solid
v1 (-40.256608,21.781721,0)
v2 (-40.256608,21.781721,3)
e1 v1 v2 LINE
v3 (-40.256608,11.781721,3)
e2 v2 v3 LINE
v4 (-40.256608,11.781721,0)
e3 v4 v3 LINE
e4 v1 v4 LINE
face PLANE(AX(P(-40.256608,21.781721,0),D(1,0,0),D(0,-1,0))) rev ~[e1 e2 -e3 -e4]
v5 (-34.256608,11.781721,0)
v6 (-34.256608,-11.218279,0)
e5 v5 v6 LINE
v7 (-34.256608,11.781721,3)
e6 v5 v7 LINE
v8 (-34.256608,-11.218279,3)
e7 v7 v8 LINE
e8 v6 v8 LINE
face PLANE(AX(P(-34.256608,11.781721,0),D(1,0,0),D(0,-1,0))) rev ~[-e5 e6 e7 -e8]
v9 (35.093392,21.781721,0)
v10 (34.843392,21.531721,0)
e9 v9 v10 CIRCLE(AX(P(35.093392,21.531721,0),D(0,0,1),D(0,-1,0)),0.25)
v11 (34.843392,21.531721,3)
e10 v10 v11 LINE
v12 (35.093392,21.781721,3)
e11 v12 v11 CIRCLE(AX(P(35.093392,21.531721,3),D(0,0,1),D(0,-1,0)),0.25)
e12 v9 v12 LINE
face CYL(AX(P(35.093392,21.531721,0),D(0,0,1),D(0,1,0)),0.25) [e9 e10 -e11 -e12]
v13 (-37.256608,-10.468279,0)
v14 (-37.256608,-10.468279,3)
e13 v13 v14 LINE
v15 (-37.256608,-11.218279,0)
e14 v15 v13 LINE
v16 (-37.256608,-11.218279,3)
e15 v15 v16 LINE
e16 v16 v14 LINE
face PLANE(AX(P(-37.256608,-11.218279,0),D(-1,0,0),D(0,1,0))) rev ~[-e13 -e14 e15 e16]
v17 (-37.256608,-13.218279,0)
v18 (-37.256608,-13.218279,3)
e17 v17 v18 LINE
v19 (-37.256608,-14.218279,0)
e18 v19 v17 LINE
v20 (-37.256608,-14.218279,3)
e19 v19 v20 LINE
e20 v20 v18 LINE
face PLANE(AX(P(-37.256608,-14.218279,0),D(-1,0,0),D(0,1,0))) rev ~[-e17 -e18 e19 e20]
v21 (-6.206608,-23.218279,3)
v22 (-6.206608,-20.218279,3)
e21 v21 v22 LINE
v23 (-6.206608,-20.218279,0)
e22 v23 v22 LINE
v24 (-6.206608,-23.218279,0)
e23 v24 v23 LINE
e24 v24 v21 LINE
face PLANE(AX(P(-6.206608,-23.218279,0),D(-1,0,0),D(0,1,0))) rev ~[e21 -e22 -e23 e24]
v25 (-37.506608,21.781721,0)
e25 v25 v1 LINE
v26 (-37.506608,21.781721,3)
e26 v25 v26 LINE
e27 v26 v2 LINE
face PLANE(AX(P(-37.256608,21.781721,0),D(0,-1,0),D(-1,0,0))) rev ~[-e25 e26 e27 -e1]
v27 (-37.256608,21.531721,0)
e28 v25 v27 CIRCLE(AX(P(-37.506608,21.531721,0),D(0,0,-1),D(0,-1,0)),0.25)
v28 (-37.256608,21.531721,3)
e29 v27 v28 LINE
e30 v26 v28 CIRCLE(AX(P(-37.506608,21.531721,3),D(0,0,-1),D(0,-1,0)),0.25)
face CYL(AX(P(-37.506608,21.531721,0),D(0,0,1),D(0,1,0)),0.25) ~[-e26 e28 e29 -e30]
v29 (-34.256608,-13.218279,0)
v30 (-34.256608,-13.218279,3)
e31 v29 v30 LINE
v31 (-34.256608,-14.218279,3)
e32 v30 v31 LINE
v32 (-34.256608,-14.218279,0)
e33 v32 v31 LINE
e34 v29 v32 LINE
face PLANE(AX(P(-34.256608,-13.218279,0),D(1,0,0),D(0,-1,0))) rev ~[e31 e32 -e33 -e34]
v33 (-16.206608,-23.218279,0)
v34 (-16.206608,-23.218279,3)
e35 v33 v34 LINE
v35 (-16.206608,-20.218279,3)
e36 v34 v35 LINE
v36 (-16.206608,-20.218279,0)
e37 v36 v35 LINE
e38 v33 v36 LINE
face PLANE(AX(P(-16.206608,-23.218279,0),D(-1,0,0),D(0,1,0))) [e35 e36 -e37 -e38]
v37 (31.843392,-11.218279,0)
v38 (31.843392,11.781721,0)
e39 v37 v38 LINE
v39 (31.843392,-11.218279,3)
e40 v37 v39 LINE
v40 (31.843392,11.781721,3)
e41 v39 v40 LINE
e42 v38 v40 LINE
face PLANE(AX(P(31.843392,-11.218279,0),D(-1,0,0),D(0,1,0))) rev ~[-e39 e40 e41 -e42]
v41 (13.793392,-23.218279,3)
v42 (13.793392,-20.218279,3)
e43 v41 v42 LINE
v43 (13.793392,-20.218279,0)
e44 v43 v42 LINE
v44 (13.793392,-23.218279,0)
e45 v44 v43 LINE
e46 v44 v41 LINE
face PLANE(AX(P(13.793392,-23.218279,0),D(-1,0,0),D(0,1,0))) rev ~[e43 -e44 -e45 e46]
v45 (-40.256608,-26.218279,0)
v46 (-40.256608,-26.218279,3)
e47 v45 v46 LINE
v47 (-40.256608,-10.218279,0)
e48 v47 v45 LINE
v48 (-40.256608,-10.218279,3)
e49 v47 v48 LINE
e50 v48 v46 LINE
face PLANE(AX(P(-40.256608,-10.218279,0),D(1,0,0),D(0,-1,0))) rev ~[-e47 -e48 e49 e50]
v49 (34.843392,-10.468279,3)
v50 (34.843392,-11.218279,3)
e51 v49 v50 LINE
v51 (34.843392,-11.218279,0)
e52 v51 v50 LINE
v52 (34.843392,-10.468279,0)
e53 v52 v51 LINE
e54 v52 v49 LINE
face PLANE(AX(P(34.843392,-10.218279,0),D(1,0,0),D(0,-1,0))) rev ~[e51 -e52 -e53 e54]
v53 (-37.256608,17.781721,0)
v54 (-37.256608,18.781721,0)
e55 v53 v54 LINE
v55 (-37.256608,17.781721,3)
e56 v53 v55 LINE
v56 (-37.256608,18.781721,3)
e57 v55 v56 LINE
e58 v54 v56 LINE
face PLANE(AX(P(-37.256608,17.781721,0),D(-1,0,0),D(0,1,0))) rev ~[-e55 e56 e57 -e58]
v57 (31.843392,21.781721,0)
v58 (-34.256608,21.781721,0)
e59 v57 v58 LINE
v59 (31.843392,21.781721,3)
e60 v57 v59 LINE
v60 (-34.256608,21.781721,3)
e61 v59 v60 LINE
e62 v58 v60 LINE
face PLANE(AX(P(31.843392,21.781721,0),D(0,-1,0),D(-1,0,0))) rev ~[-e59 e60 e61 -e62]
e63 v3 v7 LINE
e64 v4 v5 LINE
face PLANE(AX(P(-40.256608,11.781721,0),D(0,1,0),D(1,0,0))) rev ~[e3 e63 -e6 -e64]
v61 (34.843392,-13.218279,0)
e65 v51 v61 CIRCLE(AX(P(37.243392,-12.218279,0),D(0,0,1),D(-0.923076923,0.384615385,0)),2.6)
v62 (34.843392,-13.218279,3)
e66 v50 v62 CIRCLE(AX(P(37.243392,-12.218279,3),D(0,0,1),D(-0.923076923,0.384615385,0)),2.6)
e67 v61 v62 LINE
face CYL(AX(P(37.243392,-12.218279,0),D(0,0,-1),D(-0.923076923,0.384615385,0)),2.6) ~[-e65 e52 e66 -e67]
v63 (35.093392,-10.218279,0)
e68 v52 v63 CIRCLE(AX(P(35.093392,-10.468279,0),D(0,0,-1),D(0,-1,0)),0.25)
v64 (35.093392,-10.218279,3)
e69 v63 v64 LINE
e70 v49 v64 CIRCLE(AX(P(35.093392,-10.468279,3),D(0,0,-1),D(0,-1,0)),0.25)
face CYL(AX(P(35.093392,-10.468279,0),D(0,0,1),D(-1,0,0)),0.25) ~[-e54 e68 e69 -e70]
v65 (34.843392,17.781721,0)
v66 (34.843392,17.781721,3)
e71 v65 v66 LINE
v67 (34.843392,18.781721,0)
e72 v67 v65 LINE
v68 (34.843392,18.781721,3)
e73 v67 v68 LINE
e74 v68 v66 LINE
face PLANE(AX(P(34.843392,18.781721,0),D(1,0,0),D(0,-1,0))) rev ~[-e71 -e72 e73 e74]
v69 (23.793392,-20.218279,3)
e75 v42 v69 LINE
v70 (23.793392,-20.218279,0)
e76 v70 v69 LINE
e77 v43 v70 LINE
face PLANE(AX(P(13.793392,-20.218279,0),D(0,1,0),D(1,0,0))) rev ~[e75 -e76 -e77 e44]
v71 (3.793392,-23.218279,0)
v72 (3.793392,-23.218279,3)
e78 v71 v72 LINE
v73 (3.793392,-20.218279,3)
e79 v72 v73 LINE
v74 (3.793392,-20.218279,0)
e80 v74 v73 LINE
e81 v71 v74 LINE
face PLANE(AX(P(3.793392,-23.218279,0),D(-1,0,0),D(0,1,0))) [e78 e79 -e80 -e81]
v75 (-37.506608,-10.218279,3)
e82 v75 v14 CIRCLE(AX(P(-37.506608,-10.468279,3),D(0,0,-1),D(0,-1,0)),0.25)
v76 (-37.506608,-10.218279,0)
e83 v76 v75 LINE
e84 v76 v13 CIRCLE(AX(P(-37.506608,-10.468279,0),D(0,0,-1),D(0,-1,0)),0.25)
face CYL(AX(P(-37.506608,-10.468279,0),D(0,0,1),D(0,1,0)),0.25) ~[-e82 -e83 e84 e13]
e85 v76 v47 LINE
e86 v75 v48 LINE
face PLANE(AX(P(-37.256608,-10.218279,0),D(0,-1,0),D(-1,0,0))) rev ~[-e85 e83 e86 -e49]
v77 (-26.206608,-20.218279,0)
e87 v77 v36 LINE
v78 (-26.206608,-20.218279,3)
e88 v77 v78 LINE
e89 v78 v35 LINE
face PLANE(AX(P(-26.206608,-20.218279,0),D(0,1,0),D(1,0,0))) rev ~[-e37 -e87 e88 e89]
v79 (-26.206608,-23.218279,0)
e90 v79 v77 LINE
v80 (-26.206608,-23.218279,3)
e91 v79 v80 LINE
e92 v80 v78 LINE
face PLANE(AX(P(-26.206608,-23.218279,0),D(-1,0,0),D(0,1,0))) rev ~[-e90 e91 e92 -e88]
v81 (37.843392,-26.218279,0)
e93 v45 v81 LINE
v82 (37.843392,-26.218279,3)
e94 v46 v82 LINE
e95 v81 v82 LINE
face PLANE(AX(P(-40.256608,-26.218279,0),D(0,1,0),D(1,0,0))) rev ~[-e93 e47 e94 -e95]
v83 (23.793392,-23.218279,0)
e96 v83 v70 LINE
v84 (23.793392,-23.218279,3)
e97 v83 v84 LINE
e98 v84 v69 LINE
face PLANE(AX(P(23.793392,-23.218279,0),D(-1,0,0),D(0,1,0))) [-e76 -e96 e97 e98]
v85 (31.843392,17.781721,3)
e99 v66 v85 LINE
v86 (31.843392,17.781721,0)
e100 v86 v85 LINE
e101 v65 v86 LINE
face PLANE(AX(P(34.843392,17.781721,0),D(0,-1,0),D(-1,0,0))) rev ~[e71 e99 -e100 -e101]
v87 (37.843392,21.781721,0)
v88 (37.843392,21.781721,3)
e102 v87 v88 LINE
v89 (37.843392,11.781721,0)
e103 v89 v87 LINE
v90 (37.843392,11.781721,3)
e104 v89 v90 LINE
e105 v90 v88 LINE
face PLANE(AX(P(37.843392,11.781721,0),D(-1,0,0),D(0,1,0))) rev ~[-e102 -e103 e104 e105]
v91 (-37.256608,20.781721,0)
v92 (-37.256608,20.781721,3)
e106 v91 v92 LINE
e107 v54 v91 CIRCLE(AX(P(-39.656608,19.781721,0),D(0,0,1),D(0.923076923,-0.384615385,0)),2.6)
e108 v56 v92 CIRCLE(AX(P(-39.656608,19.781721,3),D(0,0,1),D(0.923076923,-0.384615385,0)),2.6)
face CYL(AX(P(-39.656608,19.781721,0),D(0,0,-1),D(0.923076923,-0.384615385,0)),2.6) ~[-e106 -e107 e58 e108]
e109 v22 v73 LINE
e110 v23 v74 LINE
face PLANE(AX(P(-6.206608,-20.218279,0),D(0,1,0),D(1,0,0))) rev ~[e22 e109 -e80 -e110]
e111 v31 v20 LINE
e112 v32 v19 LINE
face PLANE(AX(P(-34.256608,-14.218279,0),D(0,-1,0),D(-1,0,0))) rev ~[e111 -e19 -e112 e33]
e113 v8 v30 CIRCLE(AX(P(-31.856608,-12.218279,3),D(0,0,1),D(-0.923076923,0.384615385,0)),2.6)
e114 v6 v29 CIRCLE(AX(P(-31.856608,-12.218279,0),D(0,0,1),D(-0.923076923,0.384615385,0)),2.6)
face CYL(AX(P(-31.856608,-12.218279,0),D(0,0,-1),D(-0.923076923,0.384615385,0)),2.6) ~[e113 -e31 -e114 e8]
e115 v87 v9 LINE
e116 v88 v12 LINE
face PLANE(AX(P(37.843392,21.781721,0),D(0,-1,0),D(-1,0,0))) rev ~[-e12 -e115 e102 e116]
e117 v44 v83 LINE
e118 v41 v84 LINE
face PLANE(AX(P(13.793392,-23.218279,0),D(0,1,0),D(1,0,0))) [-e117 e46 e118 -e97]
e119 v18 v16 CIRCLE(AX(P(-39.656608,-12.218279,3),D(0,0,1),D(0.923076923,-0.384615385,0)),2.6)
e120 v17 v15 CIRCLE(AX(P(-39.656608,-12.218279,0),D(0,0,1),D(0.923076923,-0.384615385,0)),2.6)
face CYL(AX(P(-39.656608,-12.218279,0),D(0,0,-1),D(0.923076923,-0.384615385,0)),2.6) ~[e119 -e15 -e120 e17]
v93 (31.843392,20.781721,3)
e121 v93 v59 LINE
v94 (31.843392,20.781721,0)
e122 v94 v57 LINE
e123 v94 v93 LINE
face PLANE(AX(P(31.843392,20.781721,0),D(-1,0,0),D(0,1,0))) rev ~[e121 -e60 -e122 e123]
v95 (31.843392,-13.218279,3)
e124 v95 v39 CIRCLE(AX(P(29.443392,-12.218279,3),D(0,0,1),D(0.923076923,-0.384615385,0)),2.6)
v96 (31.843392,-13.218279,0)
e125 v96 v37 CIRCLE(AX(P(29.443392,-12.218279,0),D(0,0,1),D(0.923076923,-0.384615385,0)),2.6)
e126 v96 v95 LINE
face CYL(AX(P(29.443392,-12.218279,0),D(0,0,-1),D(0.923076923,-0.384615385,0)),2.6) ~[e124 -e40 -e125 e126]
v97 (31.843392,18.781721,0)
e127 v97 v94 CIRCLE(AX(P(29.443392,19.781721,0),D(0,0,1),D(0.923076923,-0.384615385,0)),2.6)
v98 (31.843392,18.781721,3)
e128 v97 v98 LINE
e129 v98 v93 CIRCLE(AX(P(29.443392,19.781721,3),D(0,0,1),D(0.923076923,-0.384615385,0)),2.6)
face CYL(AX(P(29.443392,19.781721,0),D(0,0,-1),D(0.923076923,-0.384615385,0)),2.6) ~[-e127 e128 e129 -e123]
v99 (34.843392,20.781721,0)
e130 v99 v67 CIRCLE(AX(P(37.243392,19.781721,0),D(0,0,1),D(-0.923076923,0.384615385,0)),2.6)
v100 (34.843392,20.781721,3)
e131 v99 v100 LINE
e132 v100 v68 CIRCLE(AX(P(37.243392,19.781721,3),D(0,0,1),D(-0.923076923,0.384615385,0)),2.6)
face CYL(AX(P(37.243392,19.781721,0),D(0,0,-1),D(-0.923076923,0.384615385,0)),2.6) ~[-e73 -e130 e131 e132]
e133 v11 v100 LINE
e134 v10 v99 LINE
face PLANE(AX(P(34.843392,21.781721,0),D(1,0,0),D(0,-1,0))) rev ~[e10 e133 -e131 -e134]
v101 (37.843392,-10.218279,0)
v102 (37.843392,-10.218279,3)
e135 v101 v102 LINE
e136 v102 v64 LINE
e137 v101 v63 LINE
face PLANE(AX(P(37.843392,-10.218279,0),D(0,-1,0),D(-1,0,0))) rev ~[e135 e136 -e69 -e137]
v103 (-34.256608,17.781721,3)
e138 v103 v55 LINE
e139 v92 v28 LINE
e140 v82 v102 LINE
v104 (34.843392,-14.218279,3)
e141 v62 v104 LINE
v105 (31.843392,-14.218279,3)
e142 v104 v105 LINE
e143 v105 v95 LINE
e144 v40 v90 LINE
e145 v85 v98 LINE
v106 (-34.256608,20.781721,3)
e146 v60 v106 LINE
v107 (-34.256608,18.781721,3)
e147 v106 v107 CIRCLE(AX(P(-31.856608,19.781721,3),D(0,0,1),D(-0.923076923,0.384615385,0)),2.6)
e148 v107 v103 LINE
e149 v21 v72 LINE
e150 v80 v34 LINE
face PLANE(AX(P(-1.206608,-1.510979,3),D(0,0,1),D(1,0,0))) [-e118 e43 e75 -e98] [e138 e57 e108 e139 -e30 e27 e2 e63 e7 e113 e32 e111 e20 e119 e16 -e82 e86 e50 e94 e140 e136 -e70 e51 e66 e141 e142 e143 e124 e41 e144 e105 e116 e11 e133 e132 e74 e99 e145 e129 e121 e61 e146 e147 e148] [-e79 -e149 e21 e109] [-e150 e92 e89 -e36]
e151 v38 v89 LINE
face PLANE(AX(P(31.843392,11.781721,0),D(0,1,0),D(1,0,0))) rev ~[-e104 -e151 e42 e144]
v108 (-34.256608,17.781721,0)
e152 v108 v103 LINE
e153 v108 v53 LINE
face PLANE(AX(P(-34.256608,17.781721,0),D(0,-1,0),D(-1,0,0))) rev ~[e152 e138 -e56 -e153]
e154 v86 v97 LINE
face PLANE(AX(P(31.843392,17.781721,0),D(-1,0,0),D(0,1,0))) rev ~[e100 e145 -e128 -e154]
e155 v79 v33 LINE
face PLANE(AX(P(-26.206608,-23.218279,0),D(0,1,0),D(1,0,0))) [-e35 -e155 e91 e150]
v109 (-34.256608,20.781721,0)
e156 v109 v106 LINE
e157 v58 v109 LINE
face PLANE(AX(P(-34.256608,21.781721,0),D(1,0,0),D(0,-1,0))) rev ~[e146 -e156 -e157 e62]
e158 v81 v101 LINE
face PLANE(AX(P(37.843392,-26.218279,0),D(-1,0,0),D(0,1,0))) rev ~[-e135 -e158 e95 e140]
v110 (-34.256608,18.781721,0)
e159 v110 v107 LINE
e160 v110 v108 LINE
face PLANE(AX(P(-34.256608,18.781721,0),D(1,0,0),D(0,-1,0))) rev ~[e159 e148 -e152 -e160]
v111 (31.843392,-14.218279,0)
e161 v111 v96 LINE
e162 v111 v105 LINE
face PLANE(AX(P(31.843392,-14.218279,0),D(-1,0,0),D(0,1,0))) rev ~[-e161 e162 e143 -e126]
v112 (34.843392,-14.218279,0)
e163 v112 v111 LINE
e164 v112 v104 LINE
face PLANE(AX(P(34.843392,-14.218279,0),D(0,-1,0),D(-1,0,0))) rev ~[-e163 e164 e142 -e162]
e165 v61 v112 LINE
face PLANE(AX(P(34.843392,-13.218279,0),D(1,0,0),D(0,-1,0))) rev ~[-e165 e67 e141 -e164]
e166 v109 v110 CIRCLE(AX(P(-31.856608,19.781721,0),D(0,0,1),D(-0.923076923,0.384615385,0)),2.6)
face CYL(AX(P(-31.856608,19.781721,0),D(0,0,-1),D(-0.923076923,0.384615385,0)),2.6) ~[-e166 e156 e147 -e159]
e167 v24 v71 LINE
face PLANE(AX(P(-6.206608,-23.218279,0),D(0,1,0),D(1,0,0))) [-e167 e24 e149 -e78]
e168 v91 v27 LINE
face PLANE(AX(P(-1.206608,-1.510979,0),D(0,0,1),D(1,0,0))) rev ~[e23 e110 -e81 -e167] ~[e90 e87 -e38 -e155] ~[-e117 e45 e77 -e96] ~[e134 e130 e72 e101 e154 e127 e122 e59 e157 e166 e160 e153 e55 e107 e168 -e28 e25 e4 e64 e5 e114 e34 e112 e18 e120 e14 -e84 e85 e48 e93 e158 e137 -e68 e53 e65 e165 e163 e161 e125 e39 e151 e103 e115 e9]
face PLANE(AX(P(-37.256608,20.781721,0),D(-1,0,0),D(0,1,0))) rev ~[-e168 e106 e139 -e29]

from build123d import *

# Parameters (mm, degrees)
SKETCH1_W           = 10
SKETCH1_H           = 3
BOSS_EXTRUDE1_DEPTH = 3
FILLET1_R           = 0.25


with BuildPart() as part:
    # Sketch1 → Boss-Extrude1 (new body)
    with BuildSketch(Plane.XY):
        with BuildLine():
            Line((34.843392212, -14.218278754), (31.843392212, -14.218278754))
            Line((31.843392212, -14.218278754), (31.843392212, -13.218278754))
            ThreePointArc((31.843392212, -13.218278754), (32.043392212, -12.218278754), (31.843392212, -11.218278754))
            Line((31.843392212, -11.218278754), (31.843392212, 11.781721246))
            Line((31.843392212, 11.781721246), (37.843392212, 11.781721246))
            Line((37.843392212, 11.781721246), (37.843392212, 21.781721246))
            Line((37.843392212, 21.781721246), (34.843392212, 21.781721246))
            Line((34.843392212, 21.781721246), (34.843392212, 20.781721246))
            ThreePointArc((34.843392212, 20.781721246), (34.643392212, 19.781721246), (34.843392212, 18.781721246))
            Line((34.843392212, 18.781721246), (34.843392212, 17.781721246))
            Line((34.843392212, 17.781721246), (31.843392212, 17.781721246))
            Line((31.843392212, 17.781721246), (31.843392212, 18.781721246))
            ThreePointArc((31.843392212, 18.781721246), (32.043392212, 19.781721246), (31.843392212, 20.781721246))
            Line((31.843392212, 20.781721246), (31.843392212, 21.781721246))
            Line((31.843392212, 21.781721246), (-34.256607788, 21.781721246))
            Line((-34.256607788, 21.781721246), (-34.256607788, 20.781721246))
            ThreePointArc((-34.256607788, 20.781721246), (-34.456607788, 19.781721246), (-34.256607788, 18.781721246))
            Line((-34.256607788, 18.781721246), (-34.256607788, 17.781721246))
            Line((-34.256607788, 17.781721246), (-37.256607788, 17.781721246))
            Line((-37.256607788, 17.781721246), (-37.256607788, 18.781721246))
            ThreePointArc((-37.256607788, 18.781721246), (-37.056607788, 19.781721246), (-37.256607788, 20.781721246))
            Line((-37.256607788, 20.781721246), (-37.256607788, 21.781721246))
            Line((-37.256607788, 21.781721246), (-40.256607788, 21.781721246))
            Line((-40.256607788, 21.781721246), (-40.256607788, 11.781721246))
            Line((-40.256607788, 11.781721246), (-34.256607788, 11.781721246))
            Line((-34.256607788, 11.781721246), (-34.256607788, -11.218278754))
            ThreePointArc((-34.256607788, -11.218278754), (-34.456607788, -12.218278754), (-34.256607788, -13.218278754))
            Line((-34.256607788, -13.218278754), (-34.256607788, -14.218278754))
            Line((-34.256607788, -14.218278754), (-37.256607788, -14.218278754))
            Line((-37.256607788, -14.218278754), (-37.256607788, -13.218278754))
            ThreePointArc((-37.256607788, -13.218278754), (-37.056607788, -12.218278754), (-37.256607788, -11.218278754))
            Line((-37.256607788, -11.218278754), (-37.256607788, -10.218278754))
            Line((-37.256607788, -10.218278754), (-40.256607788, -10.218278754))
            Line((-40.256607788, -10.218278754), (-40.256607788, -26.218278754))
            Line((-40.256607788, -26.218278754), (37.843392212, -26.218278754))
            Line((37.843392212, -26.218278754), (37.843392212, -10.218278754))
            Line((37.843392212, -10.218278754), (34.843392212, -10.218278754))
            Line((34.843392212, -10.218278754), (34.843392212, -11.218278754))
            ThreePointArc((34.843392212, -11.218278754), (34.643392212, -12.218278754), (34.843392212, -13.218278754))
            Line((34.843392212, -13.218278754), (34.843392212, -14.218278754))
        make_face()
        with Locations((-1.206607788, -21.718278754)):
            Rectangle(SKETCH1_W, SKETCH1_H, mode=Mode.SUBTRACT)
        with Locations((18.793392212, -21.718278754)):
            Rectangle(SKETCH1_W, SKETCH1_H, mode=Mode.SUBTRACT)
        with Locations((-21.206607788, -21.718278754)):
            Rectangle(SKETCH1_W, SKETCH1_H, mode=Mode.SUBTRACT)
    extrude(amount=BOSS_EXTRUDE1_DEPTH)

    # Fillet1
    fillet1_edges = [part.edges().sort_by_distance(p)[0] for p in [
        (34.843392212, 21.781721246, 1.5),
        (34.843392212, -10.218278754, 1.5),
        (-37.256607788, -10.218278754, 1.5),
        (-37.256607788, 21.781721246, 1.5),
    ]]
    fillet(fillet1_edges, radius=FILLET1_R)


solid = part.part
